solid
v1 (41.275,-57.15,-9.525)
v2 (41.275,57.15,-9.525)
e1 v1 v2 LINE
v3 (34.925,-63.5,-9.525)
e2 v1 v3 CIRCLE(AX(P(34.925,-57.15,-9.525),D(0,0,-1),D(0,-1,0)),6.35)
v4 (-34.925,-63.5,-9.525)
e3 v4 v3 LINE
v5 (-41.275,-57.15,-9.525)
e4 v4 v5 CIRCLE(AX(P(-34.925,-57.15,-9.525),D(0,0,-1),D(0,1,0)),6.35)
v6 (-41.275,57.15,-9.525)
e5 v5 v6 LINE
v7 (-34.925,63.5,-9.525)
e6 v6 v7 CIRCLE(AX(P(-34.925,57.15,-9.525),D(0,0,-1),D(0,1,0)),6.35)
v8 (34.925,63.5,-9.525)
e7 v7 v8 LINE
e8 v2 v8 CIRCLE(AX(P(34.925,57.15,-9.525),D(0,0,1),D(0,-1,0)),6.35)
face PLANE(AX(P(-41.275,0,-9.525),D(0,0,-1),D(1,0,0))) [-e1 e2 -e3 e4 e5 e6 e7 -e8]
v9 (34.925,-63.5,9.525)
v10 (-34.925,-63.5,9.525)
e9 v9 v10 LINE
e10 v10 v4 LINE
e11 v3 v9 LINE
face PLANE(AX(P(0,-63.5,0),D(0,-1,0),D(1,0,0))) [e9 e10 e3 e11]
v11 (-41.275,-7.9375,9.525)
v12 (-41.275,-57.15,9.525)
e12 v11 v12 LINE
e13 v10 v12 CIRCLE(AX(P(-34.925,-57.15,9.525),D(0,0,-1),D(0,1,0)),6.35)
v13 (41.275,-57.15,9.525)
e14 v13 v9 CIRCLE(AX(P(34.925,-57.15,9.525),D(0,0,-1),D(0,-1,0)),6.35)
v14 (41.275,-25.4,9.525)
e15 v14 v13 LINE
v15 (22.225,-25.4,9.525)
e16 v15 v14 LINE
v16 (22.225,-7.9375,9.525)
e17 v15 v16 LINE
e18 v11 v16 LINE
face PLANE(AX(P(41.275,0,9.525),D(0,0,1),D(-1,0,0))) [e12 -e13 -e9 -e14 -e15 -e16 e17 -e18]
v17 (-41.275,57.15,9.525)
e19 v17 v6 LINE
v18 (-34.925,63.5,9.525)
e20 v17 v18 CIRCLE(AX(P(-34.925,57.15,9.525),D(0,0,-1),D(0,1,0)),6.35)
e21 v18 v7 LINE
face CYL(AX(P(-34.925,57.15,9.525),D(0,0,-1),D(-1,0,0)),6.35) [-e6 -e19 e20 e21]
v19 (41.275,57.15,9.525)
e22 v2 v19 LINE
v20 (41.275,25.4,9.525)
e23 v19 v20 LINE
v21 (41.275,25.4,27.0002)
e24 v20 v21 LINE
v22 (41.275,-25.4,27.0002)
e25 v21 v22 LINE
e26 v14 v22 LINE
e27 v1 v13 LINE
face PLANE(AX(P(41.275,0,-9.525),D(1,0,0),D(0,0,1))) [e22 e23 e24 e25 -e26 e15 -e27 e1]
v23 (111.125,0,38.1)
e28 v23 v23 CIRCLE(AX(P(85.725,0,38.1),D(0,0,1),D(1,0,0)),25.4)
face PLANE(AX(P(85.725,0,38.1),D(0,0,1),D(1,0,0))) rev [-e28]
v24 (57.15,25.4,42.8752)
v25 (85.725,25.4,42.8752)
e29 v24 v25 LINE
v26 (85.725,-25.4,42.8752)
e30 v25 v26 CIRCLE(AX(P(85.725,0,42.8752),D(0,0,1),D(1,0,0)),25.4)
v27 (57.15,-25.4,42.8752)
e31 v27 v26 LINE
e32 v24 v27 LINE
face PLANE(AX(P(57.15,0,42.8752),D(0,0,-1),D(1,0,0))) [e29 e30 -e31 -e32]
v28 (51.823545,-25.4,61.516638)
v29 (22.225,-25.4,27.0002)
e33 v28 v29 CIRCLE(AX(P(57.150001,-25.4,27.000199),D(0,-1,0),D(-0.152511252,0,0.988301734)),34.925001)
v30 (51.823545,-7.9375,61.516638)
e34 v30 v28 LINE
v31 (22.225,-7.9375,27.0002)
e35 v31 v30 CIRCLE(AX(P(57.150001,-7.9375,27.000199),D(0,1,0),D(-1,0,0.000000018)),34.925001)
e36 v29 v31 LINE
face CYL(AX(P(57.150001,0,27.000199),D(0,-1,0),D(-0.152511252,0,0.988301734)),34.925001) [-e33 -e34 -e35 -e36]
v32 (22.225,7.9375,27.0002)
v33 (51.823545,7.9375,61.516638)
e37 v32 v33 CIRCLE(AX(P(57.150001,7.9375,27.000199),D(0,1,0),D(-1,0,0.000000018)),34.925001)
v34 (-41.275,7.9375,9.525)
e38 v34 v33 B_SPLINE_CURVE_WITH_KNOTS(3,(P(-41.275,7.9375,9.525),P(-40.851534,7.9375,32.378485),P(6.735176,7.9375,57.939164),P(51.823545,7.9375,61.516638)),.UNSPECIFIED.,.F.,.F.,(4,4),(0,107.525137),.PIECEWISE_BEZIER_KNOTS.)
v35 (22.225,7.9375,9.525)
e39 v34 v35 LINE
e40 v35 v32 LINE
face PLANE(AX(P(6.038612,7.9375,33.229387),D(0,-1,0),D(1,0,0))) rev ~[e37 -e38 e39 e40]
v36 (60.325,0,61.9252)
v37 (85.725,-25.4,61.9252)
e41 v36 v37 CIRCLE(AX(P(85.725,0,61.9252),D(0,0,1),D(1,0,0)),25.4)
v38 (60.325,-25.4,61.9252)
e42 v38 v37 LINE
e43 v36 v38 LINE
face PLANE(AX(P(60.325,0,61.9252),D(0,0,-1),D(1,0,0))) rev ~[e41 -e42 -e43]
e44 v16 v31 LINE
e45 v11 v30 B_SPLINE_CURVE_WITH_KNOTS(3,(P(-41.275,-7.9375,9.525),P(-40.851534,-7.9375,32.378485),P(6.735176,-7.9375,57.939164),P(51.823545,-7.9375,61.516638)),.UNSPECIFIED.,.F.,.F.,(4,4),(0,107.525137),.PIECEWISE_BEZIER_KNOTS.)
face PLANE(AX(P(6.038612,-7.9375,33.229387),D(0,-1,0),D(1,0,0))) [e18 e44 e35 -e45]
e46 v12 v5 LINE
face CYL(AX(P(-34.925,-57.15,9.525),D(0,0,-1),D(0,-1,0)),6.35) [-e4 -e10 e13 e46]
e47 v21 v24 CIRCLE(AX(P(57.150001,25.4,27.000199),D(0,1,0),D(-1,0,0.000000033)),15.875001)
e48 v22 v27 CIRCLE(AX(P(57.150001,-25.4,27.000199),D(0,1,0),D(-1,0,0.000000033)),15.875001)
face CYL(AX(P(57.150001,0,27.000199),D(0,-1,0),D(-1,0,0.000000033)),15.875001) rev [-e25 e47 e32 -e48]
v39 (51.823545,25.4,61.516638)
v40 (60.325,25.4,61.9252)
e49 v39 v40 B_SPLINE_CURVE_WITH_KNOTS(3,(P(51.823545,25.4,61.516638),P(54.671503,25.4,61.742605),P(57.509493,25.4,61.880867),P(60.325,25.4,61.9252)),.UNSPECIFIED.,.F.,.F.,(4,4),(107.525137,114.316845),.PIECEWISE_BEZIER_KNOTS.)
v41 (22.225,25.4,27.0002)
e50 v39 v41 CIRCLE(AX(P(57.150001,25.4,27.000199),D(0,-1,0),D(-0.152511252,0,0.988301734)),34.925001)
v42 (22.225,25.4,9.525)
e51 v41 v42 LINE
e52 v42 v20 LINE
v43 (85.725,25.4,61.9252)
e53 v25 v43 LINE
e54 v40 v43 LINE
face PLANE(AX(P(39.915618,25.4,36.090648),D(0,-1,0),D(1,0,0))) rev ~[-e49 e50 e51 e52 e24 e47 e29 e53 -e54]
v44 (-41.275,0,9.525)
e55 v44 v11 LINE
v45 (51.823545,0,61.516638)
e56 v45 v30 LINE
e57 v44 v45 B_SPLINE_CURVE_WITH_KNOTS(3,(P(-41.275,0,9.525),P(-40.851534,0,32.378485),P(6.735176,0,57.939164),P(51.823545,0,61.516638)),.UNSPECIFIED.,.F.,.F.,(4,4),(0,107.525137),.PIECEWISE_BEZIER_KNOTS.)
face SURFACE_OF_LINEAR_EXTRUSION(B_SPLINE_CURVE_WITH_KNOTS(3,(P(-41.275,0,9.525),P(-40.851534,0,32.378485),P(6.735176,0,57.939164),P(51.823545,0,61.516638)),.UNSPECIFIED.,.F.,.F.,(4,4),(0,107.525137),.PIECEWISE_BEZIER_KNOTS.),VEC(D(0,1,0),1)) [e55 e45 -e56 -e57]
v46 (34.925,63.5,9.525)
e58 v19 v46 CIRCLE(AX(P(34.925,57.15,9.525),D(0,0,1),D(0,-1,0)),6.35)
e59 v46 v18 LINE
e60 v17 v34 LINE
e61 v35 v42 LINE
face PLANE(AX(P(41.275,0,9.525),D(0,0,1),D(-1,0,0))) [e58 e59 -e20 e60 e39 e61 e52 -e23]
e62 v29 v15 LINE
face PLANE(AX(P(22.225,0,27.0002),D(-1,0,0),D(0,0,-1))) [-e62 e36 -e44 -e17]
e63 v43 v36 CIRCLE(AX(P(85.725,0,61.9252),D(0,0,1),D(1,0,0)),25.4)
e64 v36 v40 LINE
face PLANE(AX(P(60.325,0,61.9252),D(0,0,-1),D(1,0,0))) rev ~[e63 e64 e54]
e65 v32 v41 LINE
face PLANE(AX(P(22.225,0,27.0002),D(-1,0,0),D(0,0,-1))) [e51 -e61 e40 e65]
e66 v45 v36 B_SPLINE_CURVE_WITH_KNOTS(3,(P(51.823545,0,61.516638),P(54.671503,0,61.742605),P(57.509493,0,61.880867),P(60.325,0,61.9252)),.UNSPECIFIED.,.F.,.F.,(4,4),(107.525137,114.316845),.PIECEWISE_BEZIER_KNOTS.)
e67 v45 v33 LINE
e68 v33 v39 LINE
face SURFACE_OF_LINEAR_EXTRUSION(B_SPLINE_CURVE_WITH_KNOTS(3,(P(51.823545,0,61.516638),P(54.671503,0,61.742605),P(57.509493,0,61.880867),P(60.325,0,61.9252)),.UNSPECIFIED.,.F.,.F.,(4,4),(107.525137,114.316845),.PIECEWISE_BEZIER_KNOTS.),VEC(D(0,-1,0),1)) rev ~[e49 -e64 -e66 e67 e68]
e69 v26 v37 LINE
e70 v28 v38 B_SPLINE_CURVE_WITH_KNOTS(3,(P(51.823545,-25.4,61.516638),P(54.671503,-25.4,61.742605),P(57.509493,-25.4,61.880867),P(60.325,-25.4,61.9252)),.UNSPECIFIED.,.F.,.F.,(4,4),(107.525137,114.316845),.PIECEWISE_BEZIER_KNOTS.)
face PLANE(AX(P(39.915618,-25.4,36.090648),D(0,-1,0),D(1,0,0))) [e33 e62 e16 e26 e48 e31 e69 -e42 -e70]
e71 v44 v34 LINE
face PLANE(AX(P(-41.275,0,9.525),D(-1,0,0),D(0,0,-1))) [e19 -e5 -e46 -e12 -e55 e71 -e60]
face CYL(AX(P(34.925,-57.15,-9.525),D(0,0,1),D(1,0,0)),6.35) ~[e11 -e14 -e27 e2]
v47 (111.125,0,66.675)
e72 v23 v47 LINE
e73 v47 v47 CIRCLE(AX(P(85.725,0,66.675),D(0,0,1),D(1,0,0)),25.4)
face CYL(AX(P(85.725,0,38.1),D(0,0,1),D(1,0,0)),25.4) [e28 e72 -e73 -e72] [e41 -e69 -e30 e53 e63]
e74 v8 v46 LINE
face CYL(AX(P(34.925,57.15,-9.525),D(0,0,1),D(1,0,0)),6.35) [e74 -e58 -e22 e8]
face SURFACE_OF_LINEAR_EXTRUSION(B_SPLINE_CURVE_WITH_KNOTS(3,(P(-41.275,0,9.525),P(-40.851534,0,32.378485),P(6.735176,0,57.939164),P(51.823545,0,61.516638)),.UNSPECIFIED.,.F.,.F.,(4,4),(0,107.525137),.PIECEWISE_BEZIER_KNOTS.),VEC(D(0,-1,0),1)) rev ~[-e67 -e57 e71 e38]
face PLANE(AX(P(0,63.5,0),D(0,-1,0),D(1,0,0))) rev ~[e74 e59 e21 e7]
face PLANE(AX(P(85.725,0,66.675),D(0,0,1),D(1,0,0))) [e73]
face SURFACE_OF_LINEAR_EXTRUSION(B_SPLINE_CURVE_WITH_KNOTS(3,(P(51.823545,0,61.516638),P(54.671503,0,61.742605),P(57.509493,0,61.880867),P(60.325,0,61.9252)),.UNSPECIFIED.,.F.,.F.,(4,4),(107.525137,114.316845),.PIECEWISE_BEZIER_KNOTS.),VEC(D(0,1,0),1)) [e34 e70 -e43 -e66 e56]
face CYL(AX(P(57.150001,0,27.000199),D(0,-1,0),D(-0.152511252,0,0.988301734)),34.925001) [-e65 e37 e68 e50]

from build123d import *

# Parameters (mm, degrees)
F1_DEPTH = 63.5
F0_W     = 25.4
F0_H     = 19.05
F2_DEPTH = 25.4
F3_DEPTH = 7.9375
F5_R     = 6.35


with BuildPart() as f1:
    # F0 (on Front) → F1 (new body, symmetric)
    with BuildSketch(Plane.XZ):
        Polygon((41.275, -9.525), (41.275, 9.525), (22.225, 9.525), (-41.275, 9.525), (-41.275, -9.525), align=None)
    extrude(amount=F1_DEPTH, both=True)

    # F0 (on Front) → F2 (join, symmetric)
    with BuildSketch(Plane.XZ):
        with BuildLine():
            Line((22.225, 9.525), (41.275, 9.525))
            Line((41.275, 9.525), (41.275, 27.0002))
            ThreePointArc((41.275, 27.0002), (45.92468, 38.22552), (57.15, 42.8752))
            Line((57.15, 42.8752), (60.325, 42.8752))
            Line((60.325, 42.8752), (60.325, 61.9252))
            add(Edge.make_bspline(
                [(51.823545, 61.516638), (54.671503, 61.742605), (57.509493, 61.880867), (60.325, 61.9252)],
                knots=[107.525137, 107.525137, 107.525137, 107.525137, 114.316845, 114.316845, 114.316845, 114.316845], degree=3))
            ThreePointArc((51.823545, 61.516638), (30.637908, 49.734856), (22.225, 27.0002))
            Line((22.225, 27.0002), (22.225, 9.525))
        make_face()
        with Locations((73.025, 52.4002)):
            Rectangle(F0_W, F0_H)
    extrude(amount=F2_DEPTH, both=True)

    # F0 (on Front) → F3 (join, symmetric)
    with BuildSketch(Plane.XZ):
        with BuildLine():
            Line((-41.275, 9.525), (22.225, 9.525))
            Line((22.225, 9.525), (22.225, 27.0002))
            ThreePointArc((22.225, 27.0002), (30.637908, 49.734856), (51.823545, 61.516638))
            add(Edge.make_bspline(
                [(-41.275, 9.525), (-40.851534, 32.378485), (6.735176, 57.939164), (51.823545, 61.516638)],
                knots=[0, 0, 0, 0, 107.525137, 107.525137, 107.525137, 107.525137], degree=3))
        make_face()
    extrude(amount=F3_DEPTH, both=True)

    # F0 (on Front) → F4 (revolve)
    with BuildSketch(Plane.XZ):
        Polygon((85.725, 61.9252), (85.725, 42.8752), (85.725, 38.1), (111.125, 38.1), (111.125, 66.675), (85.725, 66.675), align=None)
    revolve(axis=Axis((85.725, 0, 52.3875), (0, 0, 1)))

    # F5
    f5_edges = [f1.edges().sort_by_distance(p)[0] for p in [
        (41.275, -63.5, 0),
        (-41.275, -63.5, 0),
        (41.275, 63.5, 0),
        (-41.275, 63.5, 0),
    ]]
    fillet(f5_edges, radius=F5_R)


solid = f1.part
